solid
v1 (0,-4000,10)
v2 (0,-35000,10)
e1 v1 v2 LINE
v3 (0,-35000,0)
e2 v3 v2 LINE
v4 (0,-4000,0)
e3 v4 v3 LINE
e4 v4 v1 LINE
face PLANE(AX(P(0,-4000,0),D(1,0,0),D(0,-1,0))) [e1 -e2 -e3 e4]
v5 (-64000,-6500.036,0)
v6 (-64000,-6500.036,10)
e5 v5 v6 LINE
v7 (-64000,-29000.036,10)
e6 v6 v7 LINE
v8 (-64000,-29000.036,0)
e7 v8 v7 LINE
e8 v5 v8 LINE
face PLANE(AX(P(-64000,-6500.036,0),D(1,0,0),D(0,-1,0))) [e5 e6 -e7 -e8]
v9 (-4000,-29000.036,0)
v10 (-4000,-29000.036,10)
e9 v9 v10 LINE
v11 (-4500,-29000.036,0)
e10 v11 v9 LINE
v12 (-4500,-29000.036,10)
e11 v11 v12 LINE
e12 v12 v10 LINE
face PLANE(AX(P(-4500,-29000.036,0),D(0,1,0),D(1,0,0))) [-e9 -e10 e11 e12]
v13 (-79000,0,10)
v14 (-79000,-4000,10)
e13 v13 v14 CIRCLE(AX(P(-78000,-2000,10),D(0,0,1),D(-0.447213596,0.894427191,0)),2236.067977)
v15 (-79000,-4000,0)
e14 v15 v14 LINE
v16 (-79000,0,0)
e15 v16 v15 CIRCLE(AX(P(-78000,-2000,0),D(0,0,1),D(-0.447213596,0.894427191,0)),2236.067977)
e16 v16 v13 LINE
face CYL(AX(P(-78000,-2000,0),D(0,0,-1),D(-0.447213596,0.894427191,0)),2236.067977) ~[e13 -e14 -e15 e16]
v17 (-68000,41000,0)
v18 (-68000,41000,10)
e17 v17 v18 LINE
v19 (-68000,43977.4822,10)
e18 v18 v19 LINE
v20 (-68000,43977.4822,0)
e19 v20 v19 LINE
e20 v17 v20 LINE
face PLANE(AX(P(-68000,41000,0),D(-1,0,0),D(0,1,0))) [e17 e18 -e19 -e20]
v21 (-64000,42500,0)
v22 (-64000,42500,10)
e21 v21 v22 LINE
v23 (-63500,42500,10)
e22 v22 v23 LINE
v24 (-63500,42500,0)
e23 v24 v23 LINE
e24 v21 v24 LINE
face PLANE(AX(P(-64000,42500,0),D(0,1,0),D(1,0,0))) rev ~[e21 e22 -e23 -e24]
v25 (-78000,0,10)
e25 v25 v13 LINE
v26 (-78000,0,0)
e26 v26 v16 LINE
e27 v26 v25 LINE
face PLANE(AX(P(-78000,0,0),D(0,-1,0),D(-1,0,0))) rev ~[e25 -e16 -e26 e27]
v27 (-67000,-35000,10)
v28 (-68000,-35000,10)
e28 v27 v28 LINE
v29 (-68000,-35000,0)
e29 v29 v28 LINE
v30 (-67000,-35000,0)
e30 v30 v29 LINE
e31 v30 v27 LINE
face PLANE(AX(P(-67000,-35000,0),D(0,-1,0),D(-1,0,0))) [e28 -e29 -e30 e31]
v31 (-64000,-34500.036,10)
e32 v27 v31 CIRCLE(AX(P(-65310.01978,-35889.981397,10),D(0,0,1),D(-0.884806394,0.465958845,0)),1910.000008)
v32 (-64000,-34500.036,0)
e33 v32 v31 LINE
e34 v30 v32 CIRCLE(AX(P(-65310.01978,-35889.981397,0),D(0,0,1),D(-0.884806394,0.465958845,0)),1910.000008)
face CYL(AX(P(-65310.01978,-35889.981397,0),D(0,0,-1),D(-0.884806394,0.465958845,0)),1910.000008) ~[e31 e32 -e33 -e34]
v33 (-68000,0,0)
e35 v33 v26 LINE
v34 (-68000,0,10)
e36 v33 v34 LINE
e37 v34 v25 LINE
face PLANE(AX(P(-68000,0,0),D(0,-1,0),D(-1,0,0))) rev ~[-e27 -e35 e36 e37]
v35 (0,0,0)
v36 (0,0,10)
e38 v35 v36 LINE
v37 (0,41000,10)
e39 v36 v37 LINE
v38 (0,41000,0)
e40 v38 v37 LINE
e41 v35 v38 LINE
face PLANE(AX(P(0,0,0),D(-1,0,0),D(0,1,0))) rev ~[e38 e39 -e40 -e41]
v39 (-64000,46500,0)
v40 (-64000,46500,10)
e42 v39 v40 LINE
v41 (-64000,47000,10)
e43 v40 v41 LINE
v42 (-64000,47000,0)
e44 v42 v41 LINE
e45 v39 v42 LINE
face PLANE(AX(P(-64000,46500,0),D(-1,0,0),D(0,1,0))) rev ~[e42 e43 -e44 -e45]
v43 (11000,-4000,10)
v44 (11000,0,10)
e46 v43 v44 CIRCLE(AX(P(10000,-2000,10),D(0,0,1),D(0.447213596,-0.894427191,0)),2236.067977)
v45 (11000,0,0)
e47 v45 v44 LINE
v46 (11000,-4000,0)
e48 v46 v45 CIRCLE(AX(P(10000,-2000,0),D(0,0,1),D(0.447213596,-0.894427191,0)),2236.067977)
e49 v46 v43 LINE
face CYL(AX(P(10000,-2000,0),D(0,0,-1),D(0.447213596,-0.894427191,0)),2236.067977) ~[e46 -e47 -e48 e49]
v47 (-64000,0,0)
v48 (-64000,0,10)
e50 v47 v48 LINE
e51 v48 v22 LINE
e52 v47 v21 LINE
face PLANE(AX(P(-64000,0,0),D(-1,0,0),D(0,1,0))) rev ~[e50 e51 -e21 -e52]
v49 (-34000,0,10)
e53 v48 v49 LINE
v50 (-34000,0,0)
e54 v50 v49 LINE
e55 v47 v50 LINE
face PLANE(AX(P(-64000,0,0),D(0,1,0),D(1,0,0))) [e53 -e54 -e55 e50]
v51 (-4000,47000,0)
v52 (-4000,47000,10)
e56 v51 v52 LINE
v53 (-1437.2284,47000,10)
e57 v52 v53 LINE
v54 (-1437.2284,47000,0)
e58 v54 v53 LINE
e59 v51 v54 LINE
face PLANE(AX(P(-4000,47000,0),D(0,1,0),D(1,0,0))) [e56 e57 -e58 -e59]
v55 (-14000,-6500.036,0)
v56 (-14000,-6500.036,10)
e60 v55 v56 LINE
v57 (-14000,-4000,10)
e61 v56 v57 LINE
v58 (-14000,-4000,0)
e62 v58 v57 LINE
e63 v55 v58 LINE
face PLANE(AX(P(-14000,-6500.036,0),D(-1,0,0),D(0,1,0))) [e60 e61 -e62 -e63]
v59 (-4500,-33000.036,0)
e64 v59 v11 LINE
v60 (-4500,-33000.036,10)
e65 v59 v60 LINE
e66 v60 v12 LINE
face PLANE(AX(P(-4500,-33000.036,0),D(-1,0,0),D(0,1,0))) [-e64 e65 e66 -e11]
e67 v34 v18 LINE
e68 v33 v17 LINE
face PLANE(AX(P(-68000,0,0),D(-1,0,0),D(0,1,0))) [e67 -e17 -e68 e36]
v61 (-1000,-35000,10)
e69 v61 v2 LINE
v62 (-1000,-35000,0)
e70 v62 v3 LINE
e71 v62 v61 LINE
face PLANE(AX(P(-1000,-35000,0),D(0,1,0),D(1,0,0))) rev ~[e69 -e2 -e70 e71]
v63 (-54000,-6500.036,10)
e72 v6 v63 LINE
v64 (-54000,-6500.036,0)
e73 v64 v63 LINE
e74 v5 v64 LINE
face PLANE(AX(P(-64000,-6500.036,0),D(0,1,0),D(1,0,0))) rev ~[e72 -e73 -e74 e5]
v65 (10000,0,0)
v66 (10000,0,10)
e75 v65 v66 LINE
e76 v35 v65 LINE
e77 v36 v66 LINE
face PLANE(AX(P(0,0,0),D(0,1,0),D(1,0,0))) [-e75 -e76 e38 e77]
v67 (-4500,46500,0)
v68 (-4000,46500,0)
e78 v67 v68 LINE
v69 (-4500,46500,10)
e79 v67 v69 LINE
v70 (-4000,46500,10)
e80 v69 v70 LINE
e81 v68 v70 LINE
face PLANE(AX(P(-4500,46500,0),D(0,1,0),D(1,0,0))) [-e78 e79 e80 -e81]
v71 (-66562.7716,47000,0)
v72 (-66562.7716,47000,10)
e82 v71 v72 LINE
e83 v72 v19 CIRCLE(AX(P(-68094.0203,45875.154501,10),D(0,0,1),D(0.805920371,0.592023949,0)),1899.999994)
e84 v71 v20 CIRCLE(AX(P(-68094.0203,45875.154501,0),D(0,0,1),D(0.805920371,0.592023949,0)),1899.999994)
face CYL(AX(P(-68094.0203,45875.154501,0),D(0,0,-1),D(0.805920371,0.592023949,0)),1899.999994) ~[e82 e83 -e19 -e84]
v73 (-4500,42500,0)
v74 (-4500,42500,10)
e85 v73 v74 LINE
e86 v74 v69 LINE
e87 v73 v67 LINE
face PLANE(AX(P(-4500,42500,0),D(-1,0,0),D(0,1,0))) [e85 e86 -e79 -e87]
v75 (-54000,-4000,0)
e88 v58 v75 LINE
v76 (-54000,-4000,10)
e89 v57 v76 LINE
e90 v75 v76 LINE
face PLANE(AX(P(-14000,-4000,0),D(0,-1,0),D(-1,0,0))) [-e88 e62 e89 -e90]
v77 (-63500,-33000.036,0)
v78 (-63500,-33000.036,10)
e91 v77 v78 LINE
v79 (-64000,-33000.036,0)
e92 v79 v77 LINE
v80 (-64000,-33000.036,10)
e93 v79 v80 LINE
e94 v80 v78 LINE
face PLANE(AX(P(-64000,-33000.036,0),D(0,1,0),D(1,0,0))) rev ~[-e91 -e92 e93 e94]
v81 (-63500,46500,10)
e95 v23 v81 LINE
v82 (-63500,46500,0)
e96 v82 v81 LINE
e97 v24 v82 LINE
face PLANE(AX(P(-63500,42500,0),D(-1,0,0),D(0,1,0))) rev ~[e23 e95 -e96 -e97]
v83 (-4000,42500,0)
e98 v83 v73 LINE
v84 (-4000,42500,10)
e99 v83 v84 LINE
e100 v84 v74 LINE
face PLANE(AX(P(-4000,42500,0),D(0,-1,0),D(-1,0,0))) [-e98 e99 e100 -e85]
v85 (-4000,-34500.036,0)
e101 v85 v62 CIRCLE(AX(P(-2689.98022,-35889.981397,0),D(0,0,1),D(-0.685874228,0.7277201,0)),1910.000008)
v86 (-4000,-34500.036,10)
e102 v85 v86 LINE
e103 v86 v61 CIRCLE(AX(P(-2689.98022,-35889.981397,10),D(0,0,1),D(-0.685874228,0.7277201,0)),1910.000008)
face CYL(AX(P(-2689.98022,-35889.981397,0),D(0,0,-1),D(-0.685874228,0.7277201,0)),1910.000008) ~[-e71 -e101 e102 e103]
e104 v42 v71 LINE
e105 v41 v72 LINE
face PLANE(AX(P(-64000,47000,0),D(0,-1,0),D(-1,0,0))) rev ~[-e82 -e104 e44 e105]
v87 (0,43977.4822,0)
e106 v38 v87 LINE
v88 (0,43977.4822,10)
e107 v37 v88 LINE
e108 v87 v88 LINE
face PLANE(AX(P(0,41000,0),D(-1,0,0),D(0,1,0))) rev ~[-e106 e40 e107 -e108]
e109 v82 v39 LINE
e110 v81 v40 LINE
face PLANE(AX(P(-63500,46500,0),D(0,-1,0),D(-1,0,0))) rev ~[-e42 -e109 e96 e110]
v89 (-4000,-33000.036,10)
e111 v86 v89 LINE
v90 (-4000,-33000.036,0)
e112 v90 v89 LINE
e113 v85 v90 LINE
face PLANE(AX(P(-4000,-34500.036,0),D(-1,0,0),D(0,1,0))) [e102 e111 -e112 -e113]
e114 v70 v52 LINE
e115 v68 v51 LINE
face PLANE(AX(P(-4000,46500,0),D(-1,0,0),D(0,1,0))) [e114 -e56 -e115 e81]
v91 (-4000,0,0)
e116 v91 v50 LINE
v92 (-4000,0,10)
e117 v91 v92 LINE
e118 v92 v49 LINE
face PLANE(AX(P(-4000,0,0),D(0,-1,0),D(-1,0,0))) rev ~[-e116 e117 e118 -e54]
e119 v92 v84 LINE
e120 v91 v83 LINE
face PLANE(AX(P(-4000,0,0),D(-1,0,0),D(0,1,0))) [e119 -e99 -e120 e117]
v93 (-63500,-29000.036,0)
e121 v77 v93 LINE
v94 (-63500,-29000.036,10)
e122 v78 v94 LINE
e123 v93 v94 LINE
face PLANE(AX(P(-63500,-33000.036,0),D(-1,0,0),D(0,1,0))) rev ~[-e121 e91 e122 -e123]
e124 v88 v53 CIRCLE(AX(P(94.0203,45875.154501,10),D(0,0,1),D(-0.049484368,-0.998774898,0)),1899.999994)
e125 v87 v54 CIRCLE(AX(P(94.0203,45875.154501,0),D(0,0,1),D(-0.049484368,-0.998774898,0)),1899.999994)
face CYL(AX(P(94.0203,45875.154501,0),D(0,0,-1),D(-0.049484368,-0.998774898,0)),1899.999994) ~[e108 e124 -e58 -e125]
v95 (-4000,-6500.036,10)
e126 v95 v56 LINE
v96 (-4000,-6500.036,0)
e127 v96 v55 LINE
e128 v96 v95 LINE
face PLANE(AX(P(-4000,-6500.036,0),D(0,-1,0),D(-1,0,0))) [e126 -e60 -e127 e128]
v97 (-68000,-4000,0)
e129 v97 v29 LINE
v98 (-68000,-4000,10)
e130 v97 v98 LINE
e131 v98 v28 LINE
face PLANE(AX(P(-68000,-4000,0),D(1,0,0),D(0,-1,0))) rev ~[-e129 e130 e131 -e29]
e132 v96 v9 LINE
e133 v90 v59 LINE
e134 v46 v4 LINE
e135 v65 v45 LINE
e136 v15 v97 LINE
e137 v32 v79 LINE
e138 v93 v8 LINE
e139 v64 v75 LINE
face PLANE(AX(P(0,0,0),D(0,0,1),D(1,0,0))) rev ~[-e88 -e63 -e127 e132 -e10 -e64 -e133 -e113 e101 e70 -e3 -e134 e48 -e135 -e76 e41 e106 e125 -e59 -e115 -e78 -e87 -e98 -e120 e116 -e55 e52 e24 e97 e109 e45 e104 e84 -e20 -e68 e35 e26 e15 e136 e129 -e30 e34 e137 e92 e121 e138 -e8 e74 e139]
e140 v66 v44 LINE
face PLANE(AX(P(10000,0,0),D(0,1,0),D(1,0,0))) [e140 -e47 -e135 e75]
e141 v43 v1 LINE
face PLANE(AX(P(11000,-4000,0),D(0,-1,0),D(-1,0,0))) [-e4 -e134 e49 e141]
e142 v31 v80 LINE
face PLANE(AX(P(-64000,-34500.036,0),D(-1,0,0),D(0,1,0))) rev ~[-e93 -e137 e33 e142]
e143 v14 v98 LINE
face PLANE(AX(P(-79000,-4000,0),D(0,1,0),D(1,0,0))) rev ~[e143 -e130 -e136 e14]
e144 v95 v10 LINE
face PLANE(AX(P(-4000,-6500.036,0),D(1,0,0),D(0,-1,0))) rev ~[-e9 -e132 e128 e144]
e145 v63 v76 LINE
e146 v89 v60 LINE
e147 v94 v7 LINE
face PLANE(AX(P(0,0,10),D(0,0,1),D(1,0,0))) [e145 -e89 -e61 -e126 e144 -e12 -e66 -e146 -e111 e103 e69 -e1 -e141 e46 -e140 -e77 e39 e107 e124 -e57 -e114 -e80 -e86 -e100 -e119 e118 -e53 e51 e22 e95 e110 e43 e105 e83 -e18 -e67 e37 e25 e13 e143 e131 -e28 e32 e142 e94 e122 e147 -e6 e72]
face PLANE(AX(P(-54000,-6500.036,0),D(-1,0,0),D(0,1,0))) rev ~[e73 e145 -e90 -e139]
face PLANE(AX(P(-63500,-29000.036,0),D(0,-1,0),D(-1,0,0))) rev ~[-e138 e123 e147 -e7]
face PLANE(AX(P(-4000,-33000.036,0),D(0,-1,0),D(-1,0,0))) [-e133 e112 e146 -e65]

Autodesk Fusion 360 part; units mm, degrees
sketch "スケッチ1" plane through (0, 0, 0) normal (0, 0, 1) x (1, 0, 0)
  line L0 (-14000, -4000) -> (-54000, -4000)
  line L1 (-4000, 0) -> (-34000, 0)
  line L2 (-64000, -34500.036) -> (-64000, -33000.036)
  line L3 (-64000, -6500.036) -> (-64000, -29000.036)
  line L4 (-68000, 0) -> (-68000, 41000)
  line L5 (-54000, -6500.036) -> (-54000, -4000)
  line L6 (-64000, 0) -> (-64000, 42500)
  line L7 (-63500, 46500) -> (-64000, 46500)
  line L8 (-4000, -33000.036) -> (-4500, -33000.036)
  arc A0 (-67000, -35000) -> (-64000, -34500.036) centre (-65310.0198, -35889.9814) ccw
  line L9 (-64000, 46500) -> (-64000, 47000)
  arc A1 (11000, -4000) -> (11000, 0) centre (10000, -2000) ccw
  arc A2 (-79000, 0) -> (-79000, -4000) centre (-78000, -2000) ccw
  arc A3 (-66562.7716, 47000) -> (-68000, 43977.4822) centre (-68094.0203, 45875.1545) ccw
  line L10 (10000, 0) -> (11000, 0)
  line L11 (-64000, -33000.036) -> (-63500, -33000.036)
  line L12 (-4000, 47000) -> (-1437.2284, 47000)
  line L13 (0, 41000) -> (0, 43977.4822)
  line L14 (-4500, 42500) -> (-4500, 46500)
  line L15 (-78000, 0) -> (-79000, 0)
  line L16 (-4000, 42500) -> (-4500, 42500)
  line L17 (-4500, -29000.036) -> (-4000, -29000.036)
  line L18 (-4000, -6500.036) -> (-4000, -29000.036)
  line L19 (-64000, 42500) -> (-63500, 42500)
  line L20 (-67000, -35000) -> (-68000, -35000)
  arc A4 (-4000, -34500.036) -> (-1000, -35000) centre (-2689.9802, -35889.9814) ccw
  line L21 (-14000, -6500.036) -> (-14000, -4000)
  line L22 (-1000, -35000) -> (0, -35000)
  line L23 (-79000, -4000) -> (-68000, -4000)
  line L24 (-68000, -4000) -> (-68000, -35000)
  arc A5 (0, 43977.4822) -> (-1437.2284, 47000) centre (94.0203, 45875.1545) ccw
  line L25 (-68000, 41000) -> (-68000, 43977.4822)
  line L26 (0, 0) -> (10000, 0)
  line L27 (-68000, 0) -> (-78000, 0)
  line L28 (11000, -4000) -> (0, -4000)
  line L29 (-4500, 46500) -> (-4000, 46500)
  line L30 (-4000, 0) -> (-4000, 42500)
  line L31 (-4000, -6500.036) -> (-14000, -6500.036)
  line L32 (-4000, -34500.036) -> (-4000, -33000.036)
  line L33 (-64000, -6500.036) -> (-54000, -6500.036)
  line L34 (-4500, -33000.036) -> (-4500, -29000.036)
  line L35 (-63500, -29000.036) -> (-64000, -29000.036)
  line L36 (11000, 0) -> (0, 0)
  line L37 (-63500, -33000.036) -> (-63500, -29000.036)
  line L38 (0, 0) -> (0, 41000)
  line L39 (-34000, 2000) -> (-34000, -2000)
  line L40 (0, -4000) -> (0, -35000)
  line L41 (-64000, 47000) -> (-66562.7716, 47000)
  line L42 (-63500, 42500) -> (-63500, 46500)
  line L43 (11000, -4000) -> (0, -4000)
  line L44 (-4000, 46500) -> (-4000, 47000)
  line L45 (-64000, 0) -> (-34000, 0)
  point P0 (-4000, 0)
  point P1 (-64000, 0)
  point P2 (-4000, -35000)
  point P3 (-4000, -6500.036)
  point P4 (-64000, 41000)
  point P5 (-4000, -34500.036)
  point P6 (-4000, 42500)
  point P7 (-4000, 41000)
  point P8 (-64000, 42500)
  point P9 (-68000, 0)
  point P10 (-64000, -6500.036)
  point P11 (-64000, 0)
  point P12 (-64000, -35000)
  point P13 (-64000, -34500.036)
extrude "押し出し1" add sketch "スケッチ1" along normal blind 10
